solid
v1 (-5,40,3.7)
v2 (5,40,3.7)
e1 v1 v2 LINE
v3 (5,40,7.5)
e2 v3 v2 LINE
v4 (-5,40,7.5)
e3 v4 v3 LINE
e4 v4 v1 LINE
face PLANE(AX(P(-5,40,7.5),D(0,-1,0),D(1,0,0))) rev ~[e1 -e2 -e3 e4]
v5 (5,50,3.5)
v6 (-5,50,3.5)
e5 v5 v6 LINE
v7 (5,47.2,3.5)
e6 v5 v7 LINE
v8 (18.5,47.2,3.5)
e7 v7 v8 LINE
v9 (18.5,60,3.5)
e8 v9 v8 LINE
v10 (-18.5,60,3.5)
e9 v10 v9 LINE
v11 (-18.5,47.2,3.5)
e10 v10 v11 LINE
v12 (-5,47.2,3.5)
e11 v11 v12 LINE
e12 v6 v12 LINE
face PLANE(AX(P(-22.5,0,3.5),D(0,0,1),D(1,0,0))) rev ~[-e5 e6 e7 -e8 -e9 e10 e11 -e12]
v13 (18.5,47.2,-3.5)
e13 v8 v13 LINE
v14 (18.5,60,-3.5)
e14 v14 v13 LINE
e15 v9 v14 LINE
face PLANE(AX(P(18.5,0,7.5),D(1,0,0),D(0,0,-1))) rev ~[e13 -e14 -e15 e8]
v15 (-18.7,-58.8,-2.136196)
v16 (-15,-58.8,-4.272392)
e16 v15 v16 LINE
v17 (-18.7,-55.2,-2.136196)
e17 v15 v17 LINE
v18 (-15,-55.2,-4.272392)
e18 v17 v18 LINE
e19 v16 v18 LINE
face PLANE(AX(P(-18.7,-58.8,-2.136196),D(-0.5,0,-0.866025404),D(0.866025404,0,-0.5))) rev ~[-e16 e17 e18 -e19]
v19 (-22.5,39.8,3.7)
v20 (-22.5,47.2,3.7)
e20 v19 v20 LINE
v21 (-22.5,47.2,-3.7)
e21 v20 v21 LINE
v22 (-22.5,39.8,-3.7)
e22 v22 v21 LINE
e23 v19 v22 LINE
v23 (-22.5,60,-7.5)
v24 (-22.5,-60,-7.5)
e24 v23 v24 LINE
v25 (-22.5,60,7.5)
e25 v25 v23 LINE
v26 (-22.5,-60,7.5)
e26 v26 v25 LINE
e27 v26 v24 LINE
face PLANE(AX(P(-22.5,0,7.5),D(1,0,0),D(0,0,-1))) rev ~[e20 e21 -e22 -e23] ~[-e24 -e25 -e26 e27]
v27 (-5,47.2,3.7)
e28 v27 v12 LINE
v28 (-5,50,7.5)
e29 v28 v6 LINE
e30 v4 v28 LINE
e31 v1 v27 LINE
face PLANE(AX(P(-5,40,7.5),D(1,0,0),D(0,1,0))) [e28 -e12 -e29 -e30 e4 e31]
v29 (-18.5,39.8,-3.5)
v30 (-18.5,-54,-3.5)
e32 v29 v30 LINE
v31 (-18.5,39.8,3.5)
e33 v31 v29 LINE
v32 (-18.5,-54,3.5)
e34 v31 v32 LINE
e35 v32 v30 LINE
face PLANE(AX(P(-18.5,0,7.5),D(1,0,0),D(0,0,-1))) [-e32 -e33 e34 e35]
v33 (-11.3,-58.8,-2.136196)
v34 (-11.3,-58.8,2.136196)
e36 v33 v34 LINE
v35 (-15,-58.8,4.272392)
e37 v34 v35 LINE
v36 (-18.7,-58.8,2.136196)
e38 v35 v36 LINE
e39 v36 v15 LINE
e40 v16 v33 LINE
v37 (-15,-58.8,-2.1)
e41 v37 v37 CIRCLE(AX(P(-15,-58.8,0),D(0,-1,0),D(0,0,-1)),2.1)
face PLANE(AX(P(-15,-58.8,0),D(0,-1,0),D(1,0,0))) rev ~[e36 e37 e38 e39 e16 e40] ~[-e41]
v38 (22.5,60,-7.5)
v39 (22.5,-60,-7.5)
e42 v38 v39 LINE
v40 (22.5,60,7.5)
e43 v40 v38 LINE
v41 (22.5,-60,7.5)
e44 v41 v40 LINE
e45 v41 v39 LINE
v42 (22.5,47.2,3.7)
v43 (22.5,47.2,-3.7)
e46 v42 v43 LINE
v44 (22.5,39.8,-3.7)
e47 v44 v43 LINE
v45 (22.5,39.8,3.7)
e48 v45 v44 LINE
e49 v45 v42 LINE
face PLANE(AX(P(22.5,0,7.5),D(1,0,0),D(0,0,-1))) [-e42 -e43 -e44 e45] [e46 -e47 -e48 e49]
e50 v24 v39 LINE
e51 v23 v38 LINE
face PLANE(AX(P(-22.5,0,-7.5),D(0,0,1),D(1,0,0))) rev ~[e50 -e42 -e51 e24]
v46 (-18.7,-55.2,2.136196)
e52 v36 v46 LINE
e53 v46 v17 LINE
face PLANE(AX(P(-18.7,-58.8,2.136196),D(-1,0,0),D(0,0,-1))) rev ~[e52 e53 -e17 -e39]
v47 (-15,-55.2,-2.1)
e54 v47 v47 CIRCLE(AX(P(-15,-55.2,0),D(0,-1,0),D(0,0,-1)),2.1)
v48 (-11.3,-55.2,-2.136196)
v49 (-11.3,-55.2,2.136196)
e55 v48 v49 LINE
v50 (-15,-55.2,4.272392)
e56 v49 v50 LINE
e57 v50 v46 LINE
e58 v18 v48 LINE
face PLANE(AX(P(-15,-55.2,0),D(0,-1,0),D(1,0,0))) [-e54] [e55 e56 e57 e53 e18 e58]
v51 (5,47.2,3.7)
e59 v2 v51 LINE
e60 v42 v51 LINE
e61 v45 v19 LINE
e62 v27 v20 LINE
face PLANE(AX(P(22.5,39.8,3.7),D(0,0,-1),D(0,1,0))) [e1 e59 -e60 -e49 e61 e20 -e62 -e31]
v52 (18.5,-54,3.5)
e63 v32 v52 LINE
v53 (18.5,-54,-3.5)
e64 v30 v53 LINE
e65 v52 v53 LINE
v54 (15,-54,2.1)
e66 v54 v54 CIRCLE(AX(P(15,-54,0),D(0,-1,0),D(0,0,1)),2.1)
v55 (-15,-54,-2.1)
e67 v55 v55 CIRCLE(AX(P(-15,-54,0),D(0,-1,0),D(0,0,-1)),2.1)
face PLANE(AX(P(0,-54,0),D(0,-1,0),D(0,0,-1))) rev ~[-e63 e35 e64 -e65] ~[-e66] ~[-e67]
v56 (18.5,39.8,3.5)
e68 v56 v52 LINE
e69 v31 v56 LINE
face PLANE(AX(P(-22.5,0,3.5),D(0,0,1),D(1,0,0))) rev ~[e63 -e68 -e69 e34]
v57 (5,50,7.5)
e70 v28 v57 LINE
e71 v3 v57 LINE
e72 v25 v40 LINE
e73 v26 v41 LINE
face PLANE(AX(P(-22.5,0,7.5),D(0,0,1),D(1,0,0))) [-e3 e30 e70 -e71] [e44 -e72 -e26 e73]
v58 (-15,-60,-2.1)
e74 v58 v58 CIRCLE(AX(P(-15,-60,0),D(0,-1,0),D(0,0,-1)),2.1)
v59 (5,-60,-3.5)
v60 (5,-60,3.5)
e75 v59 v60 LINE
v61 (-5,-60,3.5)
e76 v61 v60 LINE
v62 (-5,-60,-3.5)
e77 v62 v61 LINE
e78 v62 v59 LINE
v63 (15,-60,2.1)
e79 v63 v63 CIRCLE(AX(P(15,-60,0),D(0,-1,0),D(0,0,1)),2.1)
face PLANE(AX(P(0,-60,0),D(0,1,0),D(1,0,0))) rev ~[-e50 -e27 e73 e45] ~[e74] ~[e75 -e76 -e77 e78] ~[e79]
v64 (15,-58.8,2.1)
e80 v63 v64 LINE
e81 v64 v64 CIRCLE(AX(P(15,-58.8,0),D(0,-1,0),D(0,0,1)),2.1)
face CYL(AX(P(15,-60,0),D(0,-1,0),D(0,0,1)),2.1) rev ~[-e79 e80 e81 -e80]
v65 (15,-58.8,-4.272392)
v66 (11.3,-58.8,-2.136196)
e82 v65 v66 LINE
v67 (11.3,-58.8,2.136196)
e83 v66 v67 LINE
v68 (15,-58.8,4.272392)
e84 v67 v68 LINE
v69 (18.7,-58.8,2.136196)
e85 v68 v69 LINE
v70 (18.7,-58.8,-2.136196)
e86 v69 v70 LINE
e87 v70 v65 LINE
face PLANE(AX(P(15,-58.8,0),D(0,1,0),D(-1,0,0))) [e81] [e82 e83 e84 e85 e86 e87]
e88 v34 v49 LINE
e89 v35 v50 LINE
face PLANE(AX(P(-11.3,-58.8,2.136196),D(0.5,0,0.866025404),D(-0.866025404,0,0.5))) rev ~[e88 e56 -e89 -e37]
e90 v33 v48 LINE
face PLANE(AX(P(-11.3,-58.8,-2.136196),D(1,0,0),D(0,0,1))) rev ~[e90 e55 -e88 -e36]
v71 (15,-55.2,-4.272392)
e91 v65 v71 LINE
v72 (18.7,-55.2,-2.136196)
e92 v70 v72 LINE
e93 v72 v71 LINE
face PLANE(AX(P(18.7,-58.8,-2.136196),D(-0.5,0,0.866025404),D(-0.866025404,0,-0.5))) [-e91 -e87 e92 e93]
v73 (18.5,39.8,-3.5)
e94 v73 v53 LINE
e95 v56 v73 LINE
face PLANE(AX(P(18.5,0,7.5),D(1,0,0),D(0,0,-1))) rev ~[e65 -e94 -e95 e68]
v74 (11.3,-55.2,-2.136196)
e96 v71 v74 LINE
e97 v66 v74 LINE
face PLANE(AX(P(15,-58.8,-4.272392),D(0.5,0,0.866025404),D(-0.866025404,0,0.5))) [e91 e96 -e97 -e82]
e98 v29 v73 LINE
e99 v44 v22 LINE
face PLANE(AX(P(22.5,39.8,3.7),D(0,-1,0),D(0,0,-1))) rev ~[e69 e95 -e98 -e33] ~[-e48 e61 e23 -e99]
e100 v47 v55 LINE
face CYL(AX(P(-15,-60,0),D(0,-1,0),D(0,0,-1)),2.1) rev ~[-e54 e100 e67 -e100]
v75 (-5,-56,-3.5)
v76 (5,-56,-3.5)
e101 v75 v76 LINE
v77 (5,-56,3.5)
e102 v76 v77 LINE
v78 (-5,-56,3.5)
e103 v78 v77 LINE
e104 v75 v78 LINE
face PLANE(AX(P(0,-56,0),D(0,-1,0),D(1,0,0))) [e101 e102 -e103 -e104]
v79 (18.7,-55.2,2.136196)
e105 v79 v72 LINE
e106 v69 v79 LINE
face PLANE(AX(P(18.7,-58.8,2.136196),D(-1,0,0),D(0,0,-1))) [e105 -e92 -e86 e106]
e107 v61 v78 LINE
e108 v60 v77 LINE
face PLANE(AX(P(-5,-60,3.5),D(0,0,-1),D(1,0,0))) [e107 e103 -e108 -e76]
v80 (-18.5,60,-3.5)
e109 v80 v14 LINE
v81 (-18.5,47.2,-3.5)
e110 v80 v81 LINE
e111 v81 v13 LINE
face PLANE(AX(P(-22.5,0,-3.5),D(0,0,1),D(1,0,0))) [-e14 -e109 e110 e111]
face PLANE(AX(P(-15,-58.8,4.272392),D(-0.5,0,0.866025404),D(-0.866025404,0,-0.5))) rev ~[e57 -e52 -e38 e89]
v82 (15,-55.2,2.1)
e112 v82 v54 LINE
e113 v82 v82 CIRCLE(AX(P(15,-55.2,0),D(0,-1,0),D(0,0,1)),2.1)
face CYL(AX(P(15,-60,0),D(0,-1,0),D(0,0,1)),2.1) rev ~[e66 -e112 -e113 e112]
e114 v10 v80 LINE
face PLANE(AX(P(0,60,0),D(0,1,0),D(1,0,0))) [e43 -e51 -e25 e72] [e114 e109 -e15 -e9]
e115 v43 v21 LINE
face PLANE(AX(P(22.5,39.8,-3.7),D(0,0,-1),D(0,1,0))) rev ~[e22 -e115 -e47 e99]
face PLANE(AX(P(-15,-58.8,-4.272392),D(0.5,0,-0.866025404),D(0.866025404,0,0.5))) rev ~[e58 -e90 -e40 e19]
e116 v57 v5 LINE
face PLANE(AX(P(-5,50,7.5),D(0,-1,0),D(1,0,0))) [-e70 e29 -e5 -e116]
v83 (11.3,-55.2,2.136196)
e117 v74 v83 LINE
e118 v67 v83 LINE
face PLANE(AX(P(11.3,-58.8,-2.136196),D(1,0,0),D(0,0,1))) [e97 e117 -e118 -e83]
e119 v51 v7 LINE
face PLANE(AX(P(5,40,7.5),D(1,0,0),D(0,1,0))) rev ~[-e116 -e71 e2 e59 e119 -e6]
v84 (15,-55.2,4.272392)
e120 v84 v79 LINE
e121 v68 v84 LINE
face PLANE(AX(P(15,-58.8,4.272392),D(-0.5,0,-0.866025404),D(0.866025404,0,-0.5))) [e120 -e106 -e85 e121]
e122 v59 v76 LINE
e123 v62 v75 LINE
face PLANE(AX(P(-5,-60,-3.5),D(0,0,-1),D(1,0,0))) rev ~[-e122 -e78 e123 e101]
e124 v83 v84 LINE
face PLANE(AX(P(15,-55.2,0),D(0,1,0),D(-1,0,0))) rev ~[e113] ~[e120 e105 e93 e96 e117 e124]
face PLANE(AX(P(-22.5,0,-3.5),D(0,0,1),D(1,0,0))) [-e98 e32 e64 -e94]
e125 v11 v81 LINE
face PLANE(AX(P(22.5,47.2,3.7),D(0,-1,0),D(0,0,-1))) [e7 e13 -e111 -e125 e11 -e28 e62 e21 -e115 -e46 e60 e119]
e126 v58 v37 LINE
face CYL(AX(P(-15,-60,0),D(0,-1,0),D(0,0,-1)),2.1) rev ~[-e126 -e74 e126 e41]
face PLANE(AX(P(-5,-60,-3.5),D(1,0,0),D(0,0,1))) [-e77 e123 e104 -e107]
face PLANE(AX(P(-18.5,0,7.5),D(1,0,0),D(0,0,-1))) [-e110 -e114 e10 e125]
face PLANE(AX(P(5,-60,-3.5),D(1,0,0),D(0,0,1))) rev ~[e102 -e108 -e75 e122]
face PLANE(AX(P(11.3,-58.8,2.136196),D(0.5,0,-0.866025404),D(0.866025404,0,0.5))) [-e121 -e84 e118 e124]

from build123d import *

# Parameters (mm, degrees)
SKETCH1_W                 = 45
SKETCH1_H                 = 15
BOSS_EXTRUDE1_DEPTH       = 60
SHELL1_T                  = -4
SHELL1_THICKNESS_2_FACE_W = 7
SHELL1_THICKNESS_2_FACE_H = 37
SHELL1_THICKNESS_2_DEPTH  = 2
SKETCH3_W                 = 10
SKETCH3_H                 = 7
CUT_EXTRUDE2_DEPTH        = 4
CUT_EXTRUDE3_REACH        = 67.812
SKETCH4_W                 = 10
SKETCH4_H                 = 10
SKETCH5_W                 = 7.4
SKETCH5_H                 = 7.4
CUT_EXTRUDE4_DEPTH        = 76.374067158
CUT_EXTRUDE5_START        = -1.2
CUT_EXTRUDE5_DEPTH        = 3.6
SKETCH7_R                 = 2.1
CUT_EXTRUDE6_DEPTH        = 123.321298227


with BuildPart() as part:
    # Sketch1 → Boss-Extrude1 (new, symmetric)
    with BuildSketch(Plane(origin=(0, 0, 0), x_dir=(1, 0, 0), z_dir=(0, 1, 0))):
        Rectangle(SKETCH1_W, SKETCH1_H)
    extrude(amount=BOSS_EXTRUDE1_DEPTH, both=True)

    # Shell1
    shell1_openings = [part.faces().sort_by_distance(p)[0] for p in [
        (0, 60, 0),
    ]]
    offset(amount=SHELL1_T, openings=shell1_openings, kind=Kind.INTERSECTION)

    # Shell1 thickness 2 face (on inner face of the shell) → Shell1 thickness 2 (add)
    with BuildSketch(Plane(origin=(0, -56, 0), x_dir=(0, 0, -1), z_dir=(0, -1, 0))):
        Rectangle(SHELL1_THICKNESS_2_FACE_W, SHELL1_THICKNESS_2_FACE_H)
    extrude(amount=-SHELL1_THICKNESS_2_DEPTH)

    # Sketch3 → Cut-Extrude2 (cut)
    with BuildSketch(Plane.XZ.offset(60)):
        Rectangle(SKETCH3_W, SKETCH3_H)
    extrude(amount=-CUT_EXTRUDE2_DEPTH, mode=Mode.SUBTRACT)

    # Sketch4 → Cut-Extrude3 (cut, up to next)
    with BuildSketch(Plane.XY.offset(7.5), mode=Mode.PRIVATE) as cut_extrude3_sk1:
        with Locations((0, 45)):
            Rectangle(SKETCH4_W, SKETCH4_H)
    cut_extrude3_tool1 = extrude(cut_extrude3_sk1.sketch, amount=-CUT_EXTRUDE3_REACH, mode=Mode.PRIVATE) & part.part
    add(cut_extrude3_tool1.solids().sort_by_distance((0, 45, 7.5))[0], mode=Mode.SUBTRACT)

    # Sketch5 → Cut-Extrude4 (cut, through all)
    with BuildSketch(Plane(origin=(22.5, 0, 0), x_dir=(0, 0, -1), z_dir=(1, 0, 0))):
        with Locations((0, 43.5)):
            Rectangle(SKETCH5_W, SKETCH5_H)
    extrude(amount=-CUT_EXTRUDE4_DEPTH, mode=Mode.SUBTRACT)

    # Sketch6 → Cut-Extrude5 (cut)
    with BuildSketch(Plane.XZ.offset(60).offset(CUT_EXTRUDE5_START)):
        Polygon((-15, 4.272391992), (-18.7, 2.136195996), (-18.7, -2.136195996), (-15, -4.272391992), (-11.3, -2.136195996), (-11.3, 2.136195996), align=None)
        Polygon((11.3, 2.136195996), (15, 4.272391992), (18.7, 2.136195996), (18.7, -2.136195996), (15, -4.272391992), (11.3, -2.136195996), align=None)
    extrude(amount=-CUT_EXTRUDE5_DEPTH, mode=Mode.SUBTRACT)

    # Sketch7 → Cut-Extrude6 (cut, through all)
    with BuildSketch(Plane.XZ.offset(60)):
        with Locations(Location((-15, 0, 0), (0, 0, 270))):
            Circle(SKETCH7_R)
        with Locations(Location((15, 0, 0), (0, 0, 90))):
            Circle(SKETCH7_R)
    extrude(amount=-CUT_EXTRUDE6_DEPTH, mode=Mode.SUBTRACT)


solid = part.part
